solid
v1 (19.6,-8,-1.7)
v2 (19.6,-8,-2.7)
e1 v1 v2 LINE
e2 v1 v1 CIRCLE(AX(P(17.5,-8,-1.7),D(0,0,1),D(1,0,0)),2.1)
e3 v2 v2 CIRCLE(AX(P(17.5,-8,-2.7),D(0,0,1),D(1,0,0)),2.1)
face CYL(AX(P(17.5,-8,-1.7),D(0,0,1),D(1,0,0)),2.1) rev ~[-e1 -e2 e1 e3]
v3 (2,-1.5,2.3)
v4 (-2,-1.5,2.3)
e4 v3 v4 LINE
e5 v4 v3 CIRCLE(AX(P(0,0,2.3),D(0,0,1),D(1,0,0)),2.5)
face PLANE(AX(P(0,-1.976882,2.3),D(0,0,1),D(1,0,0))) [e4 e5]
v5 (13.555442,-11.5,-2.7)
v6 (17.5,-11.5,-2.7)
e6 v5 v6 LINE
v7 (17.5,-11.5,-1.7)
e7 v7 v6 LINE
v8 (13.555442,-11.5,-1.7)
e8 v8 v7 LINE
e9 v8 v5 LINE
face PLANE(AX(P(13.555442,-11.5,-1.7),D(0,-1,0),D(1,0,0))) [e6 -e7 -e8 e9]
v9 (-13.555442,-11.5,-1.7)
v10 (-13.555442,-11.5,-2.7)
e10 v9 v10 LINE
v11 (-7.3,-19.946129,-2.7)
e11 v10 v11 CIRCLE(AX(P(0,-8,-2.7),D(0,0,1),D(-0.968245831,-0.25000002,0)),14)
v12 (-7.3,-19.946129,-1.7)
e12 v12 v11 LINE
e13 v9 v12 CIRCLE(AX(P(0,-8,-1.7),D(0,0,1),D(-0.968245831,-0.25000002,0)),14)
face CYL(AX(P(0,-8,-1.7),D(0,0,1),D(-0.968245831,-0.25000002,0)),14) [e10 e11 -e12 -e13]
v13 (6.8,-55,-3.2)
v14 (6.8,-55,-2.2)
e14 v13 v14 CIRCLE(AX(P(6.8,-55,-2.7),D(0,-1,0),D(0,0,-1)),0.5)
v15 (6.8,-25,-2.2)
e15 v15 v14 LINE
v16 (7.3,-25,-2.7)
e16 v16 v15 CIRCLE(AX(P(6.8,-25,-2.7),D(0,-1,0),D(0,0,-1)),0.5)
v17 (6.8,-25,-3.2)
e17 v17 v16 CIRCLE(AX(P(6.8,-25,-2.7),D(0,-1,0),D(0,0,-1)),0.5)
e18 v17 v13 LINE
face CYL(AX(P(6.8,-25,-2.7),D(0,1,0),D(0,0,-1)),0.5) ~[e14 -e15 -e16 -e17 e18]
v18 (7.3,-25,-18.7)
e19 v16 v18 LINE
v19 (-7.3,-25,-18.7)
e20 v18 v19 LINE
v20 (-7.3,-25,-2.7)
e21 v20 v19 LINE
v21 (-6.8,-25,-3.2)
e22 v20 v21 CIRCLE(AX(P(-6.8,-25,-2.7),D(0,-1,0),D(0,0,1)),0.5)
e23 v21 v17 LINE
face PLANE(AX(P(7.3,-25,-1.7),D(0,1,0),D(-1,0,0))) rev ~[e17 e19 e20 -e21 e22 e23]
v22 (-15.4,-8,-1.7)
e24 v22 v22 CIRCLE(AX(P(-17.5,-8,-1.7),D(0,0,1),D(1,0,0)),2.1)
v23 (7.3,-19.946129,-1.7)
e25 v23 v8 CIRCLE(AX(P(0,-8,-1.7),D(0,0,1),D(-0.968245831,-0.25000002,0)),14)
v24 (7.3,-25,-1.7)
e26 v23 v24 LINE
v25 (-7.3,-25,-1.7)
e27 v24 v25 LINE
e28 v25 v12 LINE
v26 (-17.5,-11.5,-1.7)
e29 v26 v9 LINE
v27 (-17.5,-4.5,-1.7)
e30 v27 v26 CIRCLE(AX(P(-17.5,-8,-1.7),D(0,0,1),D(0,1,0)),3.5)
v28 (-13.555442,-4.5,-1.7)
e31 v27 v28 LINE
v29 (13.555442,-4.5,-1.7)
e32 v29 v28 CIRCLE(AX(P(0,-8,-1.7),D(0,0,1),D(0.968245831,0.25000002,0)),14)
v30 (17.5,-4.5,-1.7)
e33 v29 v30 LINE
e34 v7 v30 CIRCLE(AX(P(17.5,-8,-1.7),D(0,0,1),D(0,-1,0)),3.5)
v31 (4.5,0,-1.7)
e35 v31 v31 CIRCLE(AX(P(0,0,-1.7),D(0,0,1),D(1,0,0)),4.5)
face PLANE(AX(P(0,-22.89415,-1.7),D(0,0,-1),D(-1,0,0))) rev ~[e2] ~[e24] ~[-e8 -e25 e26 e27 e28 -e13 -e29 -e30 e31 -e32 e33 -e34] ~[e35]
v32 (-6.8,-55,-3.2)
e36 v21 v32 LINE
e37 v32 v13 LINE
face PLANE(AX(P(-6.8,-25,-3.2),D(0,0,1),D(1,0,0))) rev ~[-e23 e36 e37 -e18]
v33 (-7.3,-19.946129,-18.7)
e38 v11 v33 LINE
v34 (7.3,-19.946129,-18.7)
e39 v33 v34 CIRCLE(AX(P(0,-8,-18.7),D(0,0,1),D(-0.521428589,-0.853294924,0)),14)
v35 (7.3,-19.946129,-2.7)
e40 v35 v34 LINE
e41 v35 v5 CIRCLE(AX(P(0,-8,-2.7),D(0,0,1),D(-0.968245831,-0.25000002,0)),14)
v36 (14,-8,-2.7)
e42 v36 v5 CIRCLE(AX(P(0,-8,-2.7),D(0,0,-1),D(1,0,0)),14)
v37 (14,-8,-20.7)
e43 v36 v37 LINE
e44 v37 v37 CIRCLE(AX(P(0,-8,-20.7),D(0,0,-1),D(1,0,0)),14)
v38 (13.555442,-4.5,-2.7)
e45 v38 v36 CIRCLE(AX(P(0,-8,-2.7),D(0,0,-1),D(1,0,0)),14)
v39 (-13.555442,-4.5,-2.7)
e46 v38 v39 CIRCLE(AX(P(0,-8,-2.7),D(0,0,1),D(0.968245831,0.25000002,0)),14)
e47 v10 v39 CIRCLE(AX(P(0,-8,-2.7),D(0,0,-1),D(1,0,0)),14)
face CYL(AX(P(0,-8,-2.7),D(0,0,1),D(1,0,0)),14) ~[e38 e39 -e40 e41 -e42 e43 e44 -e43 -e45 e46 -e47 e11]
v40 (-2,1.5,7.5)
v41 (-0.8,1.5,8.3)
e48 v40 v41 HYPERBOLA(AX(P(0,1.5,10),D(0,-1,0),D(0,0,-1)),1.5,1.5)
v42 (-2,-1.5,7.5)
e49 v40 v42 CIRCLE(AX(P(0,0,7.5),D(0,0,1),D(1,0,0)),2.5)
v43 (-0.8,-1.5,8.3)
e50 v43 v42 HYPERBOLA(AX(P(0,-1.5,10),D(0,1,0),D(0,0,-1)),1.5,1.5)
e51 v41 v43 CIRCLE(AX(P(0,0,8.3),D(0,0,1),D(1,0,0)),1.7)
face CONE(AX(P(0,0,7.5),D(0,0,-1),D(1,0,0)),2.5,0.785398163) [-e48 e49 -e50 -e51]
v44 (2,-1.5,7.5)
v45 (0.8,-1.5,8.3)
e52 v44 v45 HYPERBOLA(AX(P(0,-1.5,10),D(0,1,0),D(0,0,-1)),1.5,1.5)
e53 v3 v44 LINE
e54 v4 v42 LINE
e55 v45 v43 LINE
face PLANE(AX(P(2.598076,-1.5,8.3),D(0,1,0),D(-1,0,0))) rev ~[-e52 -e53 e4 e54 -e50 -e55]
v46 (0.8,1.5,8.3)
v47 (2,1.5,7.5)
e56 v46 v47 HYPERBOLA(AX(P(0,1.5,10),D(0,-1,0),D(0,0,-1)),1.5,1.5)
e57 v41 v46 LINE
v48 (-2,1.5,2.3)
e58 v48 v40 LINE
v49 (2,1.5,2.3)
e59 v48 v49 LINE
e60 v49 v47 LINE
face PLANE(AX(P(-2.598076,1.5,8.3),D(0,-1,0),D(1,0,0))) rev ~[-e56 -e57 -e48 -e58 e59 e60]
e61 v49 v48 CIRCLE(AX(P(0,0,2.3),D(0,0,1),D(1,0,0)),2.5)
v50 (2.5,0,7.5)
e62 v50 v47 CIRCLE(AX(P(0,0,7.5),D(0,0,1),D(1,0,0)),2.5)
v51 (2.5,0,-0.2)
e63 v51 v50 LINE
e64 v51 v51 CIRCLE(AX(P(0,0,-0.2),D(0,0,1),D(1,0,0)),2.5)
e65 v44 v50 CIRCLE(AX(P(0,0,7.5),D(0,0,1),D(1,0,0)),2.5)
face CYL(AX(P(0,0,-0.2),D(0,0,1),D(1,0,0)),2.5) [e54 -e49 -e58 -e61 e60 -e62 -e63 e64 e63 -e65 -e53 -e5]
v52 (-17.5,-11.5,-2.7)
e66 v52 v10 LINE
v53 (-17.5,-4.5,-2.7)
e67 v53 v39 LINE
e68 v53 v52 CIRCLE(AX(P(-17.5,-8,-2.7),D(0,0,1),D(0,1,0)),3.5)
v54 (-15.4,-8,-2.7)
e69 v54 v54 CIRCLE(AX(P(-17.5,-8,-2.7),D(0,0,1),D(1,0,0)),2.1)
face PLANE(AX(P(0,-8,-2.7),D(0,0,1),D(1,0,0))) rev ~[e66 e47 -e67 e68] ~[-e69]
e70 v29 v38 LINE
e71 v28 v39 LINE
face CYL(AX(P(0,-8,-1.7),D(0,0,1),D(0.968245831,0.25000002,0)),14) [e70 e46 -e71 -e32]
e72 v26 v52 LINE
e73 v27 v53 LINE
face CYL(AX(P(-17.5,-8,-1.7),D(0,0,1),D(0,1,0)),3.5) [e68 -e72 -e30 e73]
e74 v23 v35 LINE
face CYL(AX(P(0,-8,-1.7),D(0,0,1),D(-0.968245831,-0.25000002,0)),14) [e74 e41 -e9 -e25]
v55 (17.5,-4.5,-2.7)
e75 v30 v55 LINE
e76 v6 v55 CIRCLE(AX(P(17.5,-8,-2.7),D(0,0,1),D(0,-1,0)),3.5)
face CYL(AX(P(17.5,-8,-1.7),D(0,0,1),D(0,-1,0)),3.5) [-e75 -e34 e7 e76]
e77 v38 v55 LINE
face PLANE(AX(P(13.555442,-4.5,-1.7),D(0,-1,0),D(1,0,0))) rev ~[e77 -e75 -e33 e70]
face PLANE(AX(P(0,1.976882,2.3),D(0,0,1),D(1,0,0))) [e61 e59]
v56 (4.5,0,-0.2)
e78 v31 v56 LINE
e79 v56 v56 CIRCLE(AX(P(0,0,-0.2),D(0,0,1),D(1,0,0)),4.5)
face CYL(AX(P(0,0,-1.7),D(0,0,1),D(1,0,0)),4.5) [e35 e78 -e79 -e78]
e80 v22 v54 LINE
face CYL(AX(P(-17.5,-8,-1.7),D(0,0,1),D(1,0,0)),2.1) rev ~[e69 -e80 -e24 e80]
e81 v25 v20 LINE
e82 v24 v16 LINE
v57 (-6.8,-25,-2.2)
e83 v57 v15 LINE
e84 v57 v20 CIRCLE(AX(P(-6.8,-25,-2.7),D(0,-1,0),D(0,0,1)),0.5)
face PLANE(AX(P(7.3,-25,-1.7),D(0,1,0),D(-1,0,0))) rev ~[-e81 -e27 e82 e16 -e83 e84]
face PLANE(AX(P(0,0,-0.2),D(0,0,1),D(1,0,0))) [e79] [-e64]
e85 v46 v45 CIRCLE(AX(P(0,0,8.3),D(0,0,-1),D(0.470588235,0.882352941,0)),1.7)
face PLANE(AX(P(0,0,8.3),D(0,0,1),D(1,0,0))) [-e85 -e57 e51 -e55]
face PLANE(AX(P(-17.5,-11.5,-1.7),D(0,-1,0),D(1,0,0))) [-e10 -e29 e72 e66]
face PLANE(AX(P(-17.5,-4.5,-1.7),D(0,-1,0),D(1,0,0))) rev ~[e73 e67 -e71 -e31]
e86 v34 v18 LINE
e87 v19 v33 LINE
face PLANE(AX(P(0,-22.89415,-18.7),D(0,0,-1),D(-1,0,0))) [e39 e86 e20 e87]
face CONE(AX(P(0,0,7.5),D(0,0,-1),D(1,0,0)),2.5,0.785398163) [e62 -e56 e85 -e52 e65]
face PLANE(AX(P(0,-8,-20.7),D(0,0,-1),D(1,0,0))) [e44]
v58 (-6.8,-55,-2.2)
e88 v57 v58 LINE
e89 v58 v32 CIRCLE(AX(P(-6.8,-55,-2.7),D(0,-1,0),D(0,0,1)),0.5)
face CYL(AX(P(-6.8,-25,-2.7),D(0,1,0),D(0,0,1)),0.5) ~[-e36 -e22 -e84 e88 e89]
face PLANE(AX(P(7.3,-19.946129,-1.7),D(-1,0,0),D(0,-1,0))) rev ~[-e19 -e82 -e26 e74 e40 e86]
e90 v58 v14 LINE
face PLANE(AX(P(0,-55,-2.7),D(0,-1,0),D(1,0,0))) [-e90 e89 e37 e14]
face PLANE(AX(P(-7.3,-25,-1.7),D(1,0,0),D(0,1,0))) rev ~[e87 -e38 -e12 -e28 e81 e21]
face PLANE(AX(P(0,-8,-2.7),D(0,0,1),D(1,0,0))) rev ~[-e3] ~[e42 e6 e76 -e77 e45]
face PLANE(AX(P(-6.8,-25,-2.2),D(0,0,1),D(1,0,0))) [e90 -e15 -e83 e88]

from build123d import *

# Parameters (mm, degrees)
SKETCH_R     = 2.1
PAD_DEPTH    = 1
SKETCH001_R  = 14
PAD001_DEPTH = 18
POCKET_DEPTH = 6
PAD002_DEPTH = 17
PAD003_DEPTH = 30


with BuildPart() as part:
    # Sketch → Pad (new body)
    with BuildSketch(Plane.XY):
        with BuildLine():
            ThreePointArc((13.555442, 3.5), (0, 14), (-13.555442, 3.5))
            Line((-17.5, 3.5), (-13.555442, 3.5))
            ThreePointArc((-17.5, 3.5), (-21, 0), (-17.5, -3.5))
            Line((-17.5, -3.5), (-13.555442, -3.5))
            ThreePointArc((-13.555442, -3.5), (0, -14), (13.555442, -3.5))
            Line((13.555442, -3.5), (17.5, -3.5))
            ThreePointArc((17.5, -3.5), (21, 0), (17.5, 3.5))
            Line((13.555442, 3.5), (17.5, 3.5))
        make_face()
        with Locations((-17.5, 0)):
            Circle(SKETCH_R, mode=Mode.SUBTRACT)
        with Locations((17.5, 0)):
            Circle(SKETCH_R, mode=Mode.SUBTRACT)
    extrude(amount=-PAD_DEPTH)

    # Sketch001 (on Face12 of Pad) → Pad001 (join)
    with BuildSketch(Plane(origin=(0, 0, -1), x_dir=(1, 0, 0), z_dir=(0, 0, -1))):
        Circle(SKETCH001_R)
    extrude(amount=PAD001_DEPTH)

    # Sketch002 → Revolution (revolve)
    with BuildSketch(Plane.XZ.offset(-8)):
        Polygon((0, 0), (4.5, 0), (4.5, 1.5), (2.5, 1.5), (2.5, 9.2), (1.7, 10), (0, 10), align=None)
    revolve(axis=Axis((0, 8, 0), (0, 0, 1)))

    # Sketch003 (on Face20 of Revolution) → Pocket (cut)
    with BuildSketch(Plane.XY.offset(10)):
        with BuildLine():
            ThreePointArc((2.598076, 9.5), (0, 11), (-2.598076, 9.5))
            Line((-2.598076, 9.5), (2.598076, 9.5))
        make_face()
        with BuildLine():
            Line((2.598076, 6.5), (-2.598076, 6.5))
            ThreePointArc((-2.598076, 6.5), (0, 5), (2.598076, 6.5))
        make_face()
    extrude(amount=-POCKET_DEPTH, mode=Mode.SUBTRACT)

    # Sketch004 → Pad002 (join)
    with BuildSketch(Plane.XY):
        with BuildLine():
            ThreePointArc((-7.3, -11.946129), (0, -14), (7.3, -11.946129))
            Line((7.3, -11.946129), (7.3, -17))
            Line((7.3, -17), (-7.3, -17))
            Line((-7.3, -17), (-7.3, -11.946129))
        make_face()
    extrude(amount=-PAD002_DEPTH)

    # Sketch005 (on Face22 of Pad002) → Pad003 (join)
    with BuildSketch(Plane.XZ.offset(17)):
        with BuildLine():
            ThreePointArc((-6.8, -0.5), (-7.3, -1), (-6.8, -1.5))
            Line((-6.8, -1.5), (6.8, -1.5))
            ThreePointArc((6.8, -1.5), (7.3, -1), (6.8, -0.5))
            Line((-6.8, -0.5), (6.8, -0.5))
        make_face()
    extrude(amount=PAD003_DEPTH)


with BuildPart() as part_1:
    # Body001 placement: moved
    add(part.part.moved(Location((0, -8, -1.7))))


solid = part_1.part
